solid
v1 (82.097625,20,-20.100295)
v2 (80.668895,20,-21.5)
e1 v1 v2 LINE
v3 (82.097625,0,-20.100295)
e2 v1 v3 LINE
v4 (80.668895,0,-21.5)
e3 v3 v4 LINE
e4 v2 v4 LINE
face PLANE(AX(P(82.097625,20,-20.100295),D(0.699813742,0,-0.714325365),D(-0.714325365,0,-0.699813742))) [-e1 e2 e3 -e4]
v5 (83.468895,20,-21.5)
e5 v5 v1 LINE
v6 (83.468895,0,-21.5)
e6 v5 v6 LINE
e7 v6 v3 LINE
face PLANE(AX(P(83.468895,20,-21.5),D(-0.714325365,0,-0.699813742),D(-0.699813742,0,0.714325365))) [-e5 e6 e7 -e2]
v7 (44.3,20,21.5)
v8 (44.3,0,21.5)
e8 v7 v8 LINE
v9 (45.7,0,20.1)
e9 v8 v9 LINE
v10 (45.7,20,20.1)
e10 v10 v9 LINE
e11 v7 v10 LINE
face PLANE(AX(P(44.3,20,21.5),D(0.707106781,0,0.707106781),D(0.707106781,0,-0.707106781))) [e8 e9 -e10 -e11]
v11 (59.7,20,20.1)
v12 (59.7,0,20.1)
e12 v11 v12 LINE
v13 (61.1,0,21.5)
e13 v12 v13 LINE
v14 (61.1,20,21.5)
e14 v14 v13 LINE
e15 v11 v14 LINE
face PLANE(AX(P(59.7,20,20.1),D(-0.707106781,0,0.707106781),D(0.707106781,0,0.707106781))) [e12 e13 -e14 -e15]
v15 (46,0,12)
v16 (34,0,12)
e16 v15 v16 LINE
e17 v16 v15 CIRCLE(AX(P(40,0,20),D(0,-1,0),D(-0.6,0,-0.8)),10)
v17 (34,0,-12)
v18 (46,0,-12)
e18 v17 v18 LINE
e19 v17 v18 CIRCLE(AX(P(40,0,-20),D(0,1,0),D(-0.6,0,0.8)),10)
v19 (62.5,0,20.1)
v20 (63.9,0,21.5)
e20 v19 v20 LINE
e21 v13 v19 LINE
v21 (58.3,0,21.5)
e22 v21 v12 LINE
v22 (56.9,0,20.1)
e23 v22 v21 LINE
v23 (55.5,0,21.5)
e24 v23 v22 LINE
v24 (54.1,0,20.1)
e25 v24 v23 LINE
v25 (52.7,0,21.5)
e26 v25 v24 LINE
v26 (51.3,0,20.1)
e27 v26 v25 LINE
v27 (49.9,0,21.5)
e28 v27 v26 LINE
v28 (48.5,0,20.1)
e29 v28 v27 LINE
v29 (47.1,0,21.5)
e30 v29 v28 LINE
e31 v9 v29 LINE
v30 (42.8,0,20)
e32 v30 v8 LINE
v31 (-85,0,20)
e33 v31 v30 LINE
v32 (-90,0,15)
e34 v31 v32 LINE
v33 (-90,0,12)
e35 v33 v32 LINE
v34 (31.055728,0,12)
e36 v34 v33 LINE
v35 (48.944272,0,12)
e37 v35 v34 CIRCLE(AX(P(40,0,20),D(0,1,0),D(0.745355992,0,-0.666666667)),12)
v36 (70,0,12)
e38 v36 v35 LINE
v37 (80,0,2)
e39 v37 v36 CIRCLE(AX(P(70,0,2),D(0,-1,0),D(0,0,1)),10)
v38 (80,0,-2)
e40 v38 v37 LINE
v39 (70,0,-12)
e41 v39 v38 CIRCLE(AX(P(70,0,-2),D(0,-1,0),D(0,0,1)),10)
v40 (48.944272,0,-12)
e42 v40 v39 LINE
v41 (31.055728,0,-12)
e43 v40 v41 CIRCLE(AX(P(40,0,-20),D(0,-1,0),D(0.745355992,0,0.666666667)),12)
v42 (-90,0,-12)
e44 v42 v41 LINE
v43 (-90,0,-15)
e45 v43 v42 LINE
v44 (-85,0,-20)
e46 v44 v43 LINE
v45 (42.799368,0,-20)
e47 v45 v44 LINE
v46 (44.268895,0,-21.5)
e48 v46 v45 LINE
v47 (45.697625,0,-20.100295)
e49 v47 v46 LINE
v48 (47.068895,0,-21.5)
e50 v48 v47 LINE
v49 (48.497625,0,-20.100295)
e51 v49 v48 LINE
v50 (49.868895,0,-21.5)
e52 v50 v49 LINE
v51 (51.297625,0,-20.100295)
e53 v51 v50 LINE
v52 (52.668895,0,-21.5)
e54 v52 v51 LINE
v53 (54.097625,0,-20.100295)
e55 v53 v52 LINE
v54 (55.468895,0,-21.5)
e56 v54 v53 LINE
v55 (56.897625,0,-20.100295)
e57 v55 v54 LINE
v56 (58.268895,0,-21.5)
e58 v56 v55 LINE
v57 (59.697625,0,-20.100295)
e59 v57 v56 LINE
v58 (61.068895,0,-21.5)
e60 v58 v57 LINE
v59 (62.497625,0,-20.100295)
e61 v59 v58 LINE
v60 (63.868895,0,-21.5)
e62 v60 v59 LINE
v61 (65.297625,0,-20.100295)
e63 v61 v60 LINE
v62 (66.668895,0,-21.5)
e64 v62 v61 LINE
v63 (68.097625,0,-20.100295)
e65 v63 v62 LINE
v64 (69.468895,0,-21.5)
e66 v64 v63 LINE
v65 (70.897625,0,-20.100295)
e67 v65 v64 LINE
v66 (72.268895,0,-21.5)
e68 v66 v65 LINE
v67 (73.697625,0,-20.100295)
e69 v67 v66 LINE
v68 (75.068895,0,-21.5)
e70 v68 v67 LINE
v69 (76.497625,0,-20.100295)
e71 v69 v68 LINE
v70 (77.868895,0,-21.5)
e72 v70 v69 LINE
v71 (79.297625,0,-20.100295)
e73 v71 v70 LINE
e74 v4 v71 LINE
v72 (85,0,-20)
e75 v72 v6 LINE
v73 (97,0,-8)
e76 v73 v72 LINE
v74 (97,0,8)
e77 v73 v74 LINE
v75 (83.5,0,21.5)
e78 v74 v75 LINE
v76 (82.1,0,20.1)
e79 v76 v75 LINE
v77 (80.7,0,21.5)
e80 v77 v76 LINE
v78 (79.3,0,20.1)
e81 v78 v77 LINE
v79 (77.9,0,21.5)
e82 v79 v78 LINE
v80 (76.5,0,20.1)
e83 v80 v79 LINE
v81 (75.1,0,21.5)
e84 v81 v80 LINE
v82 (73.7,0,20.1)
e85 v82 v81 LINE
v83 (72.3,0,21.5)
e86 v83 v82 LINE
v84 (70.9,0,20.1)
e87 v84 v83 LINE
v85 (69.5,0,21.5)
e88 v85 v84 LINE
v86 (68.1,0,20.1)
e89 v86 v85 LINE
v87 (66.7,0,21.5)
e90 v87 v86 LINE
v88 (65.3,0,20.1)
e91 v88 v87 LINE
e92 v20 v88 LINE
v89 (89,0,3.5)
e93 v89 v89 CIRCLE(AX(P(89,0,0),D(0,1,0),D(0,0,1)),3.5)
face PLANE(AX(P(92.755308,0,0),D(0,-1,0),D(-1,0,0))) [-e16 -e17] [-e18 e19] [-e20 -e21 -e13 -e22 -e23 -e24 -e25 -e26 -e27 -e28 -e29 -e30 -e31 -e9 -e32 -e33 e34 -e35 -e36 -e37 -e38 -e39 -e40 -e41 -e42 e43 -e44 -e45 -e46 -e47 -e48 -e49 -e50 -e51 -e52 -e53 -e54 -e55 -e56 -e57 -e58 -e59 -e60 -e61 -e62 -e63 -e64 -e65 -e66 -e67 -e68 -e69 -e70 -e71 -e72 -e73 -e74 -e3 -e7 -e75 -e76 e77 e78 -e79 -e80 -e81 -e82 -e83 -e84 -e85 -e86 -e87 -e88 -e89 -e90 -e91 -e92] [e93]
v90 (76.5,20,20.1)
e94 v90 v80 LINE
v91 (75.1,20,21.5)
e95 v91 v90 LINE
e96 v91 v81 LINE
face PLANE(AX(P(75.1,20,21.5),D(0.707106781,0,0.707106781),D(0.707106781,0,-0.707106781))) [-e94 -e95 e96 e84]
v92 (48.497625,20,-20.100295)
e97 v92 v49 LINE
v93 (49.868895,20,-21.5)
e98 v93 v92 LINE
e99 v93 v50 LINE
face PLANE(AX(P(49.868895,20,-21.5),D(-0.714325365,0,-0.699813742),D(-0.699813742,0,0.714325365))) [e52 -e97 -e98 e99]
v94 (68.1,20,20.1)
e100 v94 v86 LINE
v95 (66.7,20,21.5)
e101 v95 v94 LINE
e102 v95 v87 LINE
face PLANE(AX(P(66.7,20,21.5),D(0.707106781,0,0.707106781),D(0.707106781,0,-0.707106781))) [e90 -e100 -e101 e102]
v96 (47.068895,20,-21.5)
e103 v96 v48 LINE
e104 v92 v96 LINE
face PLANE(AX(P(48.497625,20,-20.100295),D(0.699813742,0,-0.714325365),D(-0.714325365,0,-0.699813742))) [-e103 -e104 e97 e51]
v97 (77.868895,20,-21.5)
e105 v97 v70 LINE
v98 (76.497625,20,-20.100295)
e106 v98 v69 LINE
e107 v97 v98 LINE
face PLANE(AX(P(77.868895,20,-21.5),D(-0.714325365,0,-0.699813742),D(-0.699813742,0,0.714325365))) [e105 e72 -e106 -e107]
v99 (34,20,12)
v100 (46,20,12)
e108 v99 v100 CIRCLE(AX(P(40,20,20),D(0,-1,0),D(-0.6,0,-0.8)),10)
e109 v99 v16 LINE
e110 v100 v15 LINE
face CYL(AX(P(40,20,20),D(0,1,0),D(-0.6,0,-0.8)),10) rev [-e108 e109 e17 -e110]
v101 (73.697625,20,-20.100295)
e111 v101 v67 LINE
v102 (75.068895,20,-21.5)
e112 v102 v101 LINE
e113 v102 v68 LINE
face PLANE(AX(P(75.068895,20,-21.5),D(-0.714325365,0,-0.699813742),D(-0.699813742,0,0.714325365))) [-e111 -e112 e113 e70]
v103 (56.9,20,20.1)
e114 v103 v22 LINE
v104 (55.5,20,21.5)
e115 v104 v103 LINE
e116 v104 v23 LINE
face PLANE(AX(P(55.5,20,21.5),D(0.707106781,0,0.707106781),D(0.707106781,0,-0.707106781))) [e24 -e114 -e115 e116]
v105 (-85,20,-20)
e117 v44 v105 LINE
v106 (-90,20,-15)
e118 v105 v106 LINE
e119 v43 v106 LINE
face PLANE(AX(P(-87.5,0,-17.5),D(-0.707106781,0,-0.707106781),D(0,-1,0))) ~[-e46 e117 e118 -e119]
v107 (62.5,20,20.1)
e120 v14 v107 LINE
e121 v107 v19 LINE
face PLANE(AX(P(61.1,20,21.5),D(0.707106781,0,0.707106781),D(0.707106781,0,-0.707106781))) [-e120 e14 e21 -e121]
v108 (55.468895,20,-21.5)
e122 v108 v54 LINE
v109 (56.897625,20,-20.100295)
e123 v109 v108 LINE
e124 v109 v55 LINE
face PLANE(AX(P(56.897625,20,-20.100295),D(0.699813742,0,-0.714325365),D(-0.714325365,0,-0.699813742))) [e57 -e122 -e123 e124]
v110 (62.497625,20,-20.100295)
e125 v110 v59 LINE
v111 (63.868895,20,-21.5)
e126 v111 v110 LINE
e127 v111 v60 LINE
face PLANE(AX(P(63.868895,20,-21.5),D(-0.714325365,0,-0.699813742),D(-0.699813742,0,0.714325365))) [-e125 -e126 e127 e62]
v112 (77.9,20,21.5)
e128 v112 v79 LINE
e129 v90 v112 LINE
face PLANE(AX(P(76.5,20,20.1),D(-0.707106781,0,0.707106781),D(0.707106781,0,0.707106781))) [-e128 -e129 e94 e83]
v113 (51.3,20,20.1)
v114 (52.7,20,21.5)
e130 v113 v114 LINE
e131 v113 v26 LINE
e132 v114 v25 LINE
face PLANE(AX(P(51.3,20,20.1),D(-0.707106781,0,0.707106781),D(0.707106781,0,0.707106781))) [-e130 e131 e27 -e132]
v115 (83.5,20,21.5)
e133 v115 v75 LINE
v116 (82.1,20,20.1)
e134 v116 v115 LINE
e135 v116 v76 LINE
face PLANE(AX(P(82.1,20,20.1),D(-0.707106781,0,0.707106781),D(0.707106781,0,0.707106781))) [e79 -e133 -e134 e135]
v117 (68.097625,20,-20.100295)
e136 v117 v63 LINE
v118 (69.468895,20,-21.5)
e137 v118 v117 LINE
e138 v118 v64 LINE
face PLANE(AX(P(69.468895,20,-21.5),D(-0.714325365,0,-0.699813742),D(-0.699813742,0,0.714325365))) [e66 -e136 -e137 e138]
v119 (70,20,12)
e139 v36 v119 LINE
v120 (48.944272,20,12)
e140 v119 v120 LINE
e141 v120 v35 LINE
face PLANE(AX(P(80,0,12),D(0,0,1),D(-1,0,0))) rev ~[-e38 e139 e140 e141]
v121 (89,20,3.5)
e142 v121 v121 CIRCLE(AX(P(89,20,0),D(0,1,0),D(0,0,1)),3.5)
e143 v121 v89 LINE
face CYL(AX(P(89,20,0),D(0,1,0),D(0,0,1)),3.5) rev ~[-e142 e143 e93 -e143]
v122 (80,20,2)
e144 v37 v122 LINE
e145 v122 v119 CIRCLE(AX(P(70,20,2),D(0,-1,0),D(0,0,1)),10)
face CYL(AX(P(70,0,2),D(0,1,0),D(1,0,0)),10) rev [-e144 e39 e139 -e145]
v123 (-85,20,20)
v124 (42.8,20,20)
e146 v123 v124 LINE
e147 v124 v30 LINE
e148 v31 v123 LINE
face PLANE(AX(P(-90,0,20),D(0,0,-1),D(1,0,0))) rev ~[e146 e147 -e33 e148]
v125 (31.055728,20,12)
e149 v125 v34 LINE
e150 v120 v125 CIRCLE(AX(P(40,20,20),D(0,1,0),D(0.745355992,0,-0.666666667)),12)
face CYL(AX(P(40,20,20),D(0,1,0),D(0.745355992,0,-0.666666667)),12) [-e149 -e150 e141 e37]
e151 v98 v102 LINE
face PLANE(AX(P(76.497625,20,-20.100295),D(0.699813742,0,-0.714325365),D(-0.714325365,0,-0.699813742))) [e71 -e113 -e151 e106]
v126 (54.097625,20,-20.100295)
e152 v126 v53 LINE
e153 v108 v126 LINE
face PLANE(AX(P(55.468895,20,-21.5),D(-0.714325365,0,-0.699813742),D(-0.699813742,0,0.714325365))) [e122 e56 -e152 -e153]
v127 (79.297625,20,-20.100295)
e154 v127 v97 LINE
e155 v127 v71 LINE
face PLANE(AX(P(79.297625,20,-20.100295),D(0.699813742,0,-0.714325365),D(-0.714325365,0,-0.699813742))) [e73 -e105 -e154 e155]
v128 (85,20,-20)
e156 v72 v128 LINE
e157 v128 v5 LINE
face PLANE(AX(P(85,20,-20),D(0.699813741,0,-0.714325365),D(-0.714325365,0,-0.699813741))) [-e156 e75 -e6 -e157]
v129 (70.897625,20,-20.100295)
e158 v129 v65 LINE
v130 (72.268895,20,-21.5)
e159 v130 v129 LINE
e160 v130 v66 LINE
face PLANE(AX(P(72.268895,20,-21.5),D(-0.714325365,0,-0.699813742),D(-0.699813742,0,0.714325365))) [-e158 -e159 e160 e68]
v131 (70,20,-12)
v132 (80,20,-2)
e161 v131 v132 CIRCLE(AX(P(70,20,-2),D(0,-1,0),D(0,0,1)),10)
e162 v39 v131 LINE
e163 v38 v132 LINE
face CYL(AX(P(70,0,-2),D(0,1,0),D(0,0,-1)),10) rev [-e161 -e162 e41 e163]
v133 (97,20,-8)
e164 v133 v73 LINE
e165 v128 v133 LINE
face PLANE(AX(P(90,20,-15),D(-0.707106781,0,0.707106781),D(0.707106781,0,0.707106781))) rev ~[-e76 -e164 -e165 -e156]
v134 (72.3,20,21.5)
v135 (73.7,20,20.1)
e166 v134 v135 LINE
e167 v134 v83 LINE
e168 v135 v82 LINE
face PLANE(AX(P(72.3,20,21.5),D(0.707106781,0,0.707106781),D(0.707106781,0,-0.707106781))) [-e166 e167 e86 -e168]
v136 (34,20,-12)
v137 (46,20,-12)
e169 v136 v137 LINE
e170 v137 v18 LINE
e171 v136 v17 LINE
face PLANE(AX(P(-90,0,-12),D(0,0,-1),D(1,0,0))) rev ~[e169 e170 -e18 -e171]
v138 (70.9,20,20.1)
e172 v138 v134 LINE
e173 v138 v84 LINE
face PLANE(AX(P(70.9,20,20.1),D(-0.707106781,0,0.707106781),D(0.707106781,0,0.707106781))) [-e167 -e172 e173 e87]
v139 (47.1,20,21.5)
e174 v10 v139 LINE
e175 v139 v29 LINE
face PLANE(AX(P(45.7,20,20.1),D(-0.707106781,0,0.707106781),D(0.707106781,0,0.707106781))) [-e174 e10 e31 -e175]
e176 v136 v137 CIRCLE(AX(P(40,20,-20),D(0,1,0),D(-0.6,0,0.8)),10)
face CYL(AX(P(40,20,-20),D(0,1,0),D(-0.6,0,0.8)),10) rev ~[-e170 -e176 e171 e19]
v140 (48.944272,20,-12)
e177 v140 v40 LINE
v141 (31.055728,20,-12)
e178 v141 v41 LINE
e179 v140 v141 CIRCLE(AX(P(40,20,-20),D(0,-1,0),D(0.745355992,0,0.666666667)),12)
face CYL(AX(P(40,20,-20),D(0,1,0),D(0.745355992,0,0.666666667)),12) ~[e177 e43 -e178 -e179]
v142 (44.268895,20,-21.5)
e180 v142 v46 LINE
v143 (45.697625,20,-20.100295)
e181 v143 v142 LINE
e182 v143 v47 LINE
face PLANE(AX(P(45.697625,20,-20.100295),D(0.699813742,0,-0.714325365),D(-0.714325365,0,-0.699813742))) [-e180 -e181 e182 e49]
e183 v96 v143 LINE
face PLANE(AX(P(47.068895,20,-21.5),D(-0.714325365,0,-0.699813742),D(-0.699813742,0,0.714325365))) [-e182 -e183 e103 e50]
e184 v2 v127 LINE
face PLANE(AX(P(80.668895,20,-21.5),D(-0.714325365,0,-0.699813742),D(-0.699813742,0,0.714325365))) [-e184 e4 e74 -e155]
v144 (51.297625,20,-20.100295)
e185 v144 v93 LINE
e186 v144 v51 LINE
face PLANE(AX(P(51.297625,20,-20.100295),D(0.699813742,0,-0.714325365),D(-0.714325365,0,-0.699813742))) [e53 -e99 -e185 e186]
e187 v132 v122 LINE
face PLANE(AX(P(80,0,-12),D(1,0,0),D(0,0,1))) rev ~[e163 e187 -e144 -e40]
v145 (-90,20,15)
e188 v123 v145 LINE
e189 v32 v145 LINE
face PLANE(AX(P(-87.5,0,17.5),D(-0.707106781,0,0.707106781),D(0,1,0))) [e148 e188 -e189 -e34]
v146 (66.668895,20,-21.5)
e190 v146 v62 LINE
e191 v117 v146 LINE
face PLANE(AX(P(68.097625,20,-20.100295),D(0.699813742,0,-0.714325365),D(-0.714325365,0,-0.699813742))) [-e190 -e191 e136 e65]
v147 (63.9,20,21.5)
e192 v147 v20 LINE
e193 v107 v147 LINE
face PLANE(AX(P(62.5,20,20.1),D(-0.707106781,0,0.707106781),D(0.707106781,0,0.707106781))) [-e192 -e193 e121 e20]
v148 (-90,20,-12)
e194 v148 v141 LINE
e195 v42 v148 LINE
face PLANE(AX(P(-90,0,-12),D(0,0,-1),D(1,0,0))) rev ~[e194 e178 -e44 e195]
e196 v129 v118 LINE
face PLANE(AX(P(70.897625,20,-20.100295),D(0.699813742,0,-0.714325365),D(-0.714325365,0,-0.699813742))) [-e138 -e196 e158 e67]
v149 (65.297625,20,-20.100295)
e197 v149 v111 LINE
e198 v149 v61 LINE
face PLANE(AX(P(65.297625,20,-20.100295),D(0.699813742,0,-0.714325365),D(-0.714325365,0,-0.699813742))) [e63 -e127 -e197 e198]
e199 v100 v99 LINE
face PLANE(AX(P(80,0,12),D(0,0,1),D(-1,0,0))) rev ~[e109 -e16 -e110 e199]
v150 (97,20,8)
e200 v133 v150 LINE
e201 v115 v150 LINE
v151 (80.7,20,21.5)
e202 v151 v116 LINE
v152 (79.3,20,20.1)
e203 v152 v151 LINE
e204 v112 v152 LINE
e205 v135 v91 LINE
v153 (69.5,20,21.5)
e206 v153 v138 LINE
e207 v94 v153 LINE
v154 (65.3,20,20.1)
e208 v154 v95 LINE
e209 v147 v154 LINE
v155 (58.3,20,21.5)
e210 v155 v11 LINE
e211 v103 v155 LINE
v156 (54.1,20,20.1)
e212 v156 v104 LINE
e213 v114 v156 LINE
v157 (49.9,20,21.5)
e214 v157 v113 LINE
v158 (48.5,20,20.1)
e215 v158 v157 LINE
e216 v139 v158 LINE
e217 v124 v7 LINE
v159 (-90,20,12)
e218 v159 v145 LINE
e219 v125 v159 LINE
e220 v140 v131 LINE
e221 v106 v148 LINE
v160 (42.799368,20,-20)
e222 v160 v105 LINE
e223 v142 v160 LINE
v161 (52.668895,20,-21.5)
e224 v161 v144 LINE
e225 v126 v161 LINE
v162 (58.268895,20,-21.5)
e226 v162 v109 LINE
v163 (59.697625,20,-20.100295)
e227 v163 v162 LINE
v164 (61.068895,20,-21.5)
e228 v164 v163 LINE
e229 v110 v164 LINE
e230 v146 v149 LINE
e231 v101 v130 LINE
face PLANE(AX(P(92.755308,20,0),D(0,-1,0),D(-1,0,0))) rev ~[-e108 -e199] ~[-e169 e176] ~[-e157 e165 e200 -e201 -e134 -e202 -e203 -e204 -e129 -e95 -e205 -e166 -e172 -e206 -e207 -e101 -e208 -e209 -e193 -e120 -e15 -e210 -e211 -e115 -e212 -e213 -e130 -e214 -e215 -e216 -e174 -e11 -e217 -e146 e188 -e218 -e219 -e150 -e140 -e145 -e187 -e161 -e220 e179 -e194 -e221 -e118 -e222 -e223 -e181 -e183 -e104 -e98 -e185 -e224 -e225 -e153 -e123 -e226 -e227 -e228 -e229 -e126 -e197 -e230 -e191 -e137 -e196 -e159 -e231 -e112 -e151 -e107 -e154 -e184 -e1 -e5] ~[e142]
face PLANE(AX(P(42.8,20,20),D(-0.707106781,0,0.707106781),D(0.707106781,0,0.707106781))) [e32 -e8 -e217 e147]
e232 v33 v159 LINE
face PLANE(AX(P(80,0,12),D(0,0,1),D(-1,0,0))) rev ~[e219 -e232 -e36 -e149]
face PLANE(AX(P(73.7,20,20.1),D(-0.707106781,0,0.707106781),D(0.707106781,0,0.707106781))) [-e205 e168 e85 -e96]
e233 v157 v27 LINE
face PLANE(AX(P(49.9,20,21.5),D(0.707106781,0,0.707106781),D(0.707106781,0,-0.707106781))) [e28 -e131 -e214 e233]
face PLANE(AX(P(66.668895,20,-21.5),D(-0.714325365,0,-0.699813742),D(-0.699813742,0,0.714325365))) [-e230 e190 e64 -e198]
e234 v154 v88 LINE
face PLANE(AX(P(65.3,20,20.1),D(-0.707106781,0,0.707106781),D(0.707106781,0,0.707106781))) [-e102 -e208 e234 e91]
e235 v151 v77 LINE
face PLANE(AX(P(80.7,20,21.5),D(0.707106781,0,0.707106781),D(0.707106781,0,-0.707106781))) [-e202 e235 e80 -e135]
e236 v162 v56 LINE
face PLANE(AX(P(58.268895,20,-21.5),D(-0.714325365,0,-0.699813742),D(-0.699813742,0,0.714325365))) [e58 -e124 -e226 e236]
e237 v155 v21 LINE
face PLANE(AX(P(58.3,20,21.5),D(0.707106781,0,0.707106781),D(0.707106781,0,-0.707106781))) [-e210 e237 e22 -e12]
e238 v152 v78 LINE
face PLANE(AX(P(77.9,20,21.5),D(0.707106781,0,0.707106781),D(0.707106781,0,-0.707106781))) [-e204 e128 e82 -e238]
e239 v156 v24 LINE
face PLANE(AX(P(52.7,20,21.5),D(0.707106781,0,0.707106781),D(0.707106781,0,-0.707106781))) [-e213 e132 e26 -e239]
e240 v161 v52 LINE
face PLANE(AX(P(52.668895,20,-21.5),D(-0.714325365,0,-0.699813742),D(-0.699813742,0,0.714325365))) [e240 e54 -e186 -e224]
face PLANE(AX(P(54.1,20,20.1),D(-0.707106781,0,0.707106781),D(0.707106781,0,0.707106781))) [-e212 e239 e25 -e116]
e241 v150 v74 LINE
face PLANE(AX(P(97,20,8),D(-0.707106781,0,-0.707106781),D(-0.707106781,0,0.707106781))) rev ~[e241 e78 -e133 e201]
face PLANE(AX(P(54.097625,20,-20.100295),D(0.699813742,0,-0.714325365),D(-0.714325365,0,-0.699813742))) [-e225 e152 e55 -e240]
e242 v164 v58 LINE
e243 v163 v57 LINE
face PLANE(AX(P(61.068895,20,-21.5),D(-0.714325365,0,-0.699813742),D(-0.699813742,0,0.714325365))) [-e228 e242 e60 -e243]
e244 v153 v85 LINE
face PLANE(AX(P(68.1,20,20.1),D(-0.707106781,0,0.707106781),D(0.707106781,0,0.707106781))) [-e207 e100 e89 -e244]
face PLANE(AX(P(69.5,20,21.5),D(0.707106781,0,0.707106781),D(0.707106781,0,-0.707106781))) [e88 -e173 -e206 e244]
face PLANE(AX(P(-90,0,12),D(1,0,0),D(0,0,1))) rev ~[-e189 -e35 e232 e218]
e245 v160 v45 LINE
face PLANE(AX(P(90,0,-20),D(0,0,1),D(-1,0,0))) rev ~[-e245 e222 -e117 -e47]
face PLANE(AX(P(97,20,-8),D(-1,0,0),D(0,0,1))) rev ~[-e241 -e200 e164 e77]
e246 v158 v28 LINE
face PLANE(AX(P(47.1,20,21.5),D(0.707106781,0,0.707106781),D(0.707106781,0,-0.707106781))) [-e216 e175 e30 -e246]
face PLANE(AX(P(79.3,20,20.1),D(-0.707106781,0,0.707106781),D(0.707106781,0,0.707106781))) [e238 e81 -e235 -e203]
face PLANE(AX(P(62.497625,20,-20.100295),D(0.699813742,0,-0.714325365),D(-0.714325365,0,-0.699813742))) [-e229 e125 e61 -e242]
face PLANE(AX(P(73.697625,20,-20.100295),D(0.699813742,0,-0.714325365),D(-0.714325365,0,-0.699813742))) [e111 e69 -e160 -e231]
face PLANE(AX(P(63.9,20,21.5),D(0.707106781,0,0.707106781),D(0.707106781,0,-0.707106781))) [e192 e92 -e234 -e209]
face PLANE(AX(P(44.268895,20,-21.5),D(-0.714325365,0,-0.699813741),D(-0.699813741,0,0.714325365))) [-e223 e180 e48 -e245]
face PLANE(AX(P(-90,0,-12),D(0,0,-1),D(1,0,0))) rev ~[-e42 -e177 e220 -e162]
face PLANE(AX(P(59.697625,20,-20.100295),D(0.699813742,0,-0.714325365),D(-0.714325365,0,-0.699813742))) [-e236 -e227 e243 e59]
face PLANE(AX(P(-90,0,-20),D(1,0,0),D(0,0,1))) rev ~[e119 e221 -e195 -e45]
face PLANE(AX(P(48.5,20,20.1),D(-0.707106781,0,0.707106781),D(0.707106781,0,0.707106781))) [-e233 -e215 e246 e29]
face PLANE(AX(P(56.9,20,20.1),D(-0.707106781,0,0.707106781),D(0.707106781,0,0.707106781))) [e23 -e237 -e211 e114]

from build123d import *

# Parameters (mm, degrees)
BOSS_EXTRUDE1_DEPTH = 20
FILLET1_R           = 10
CHAMFER1_SIZE       = 5
CHAMFER2_SIZE       = 5
BOSS_EXTRUDE2_DEPTH = 20
BOSS_EXTRUDE3_DEPTH = 20
BOSS_EXTRUDE4_DEPTH = 20
BOSS_EXTRUDE5_DEPTH = 20
SKETCH6_R           = 3.5
CUT_EXTRUDE1_DEPTH  = 20


with BuildPart() as part:
    # Sketch1 → Boss-Extrude1 (new body)
    with BuildSketch(Plane(origin=(0, 0, 0), x_dir=(1, 0, 0), z_dir=(0, 1, 0))):
        Polygon((-90, -12), (-90, -20), (90, -20), (90, 20), (-90, 20), (-90, 12), (80, 12), (80, -12), align=None)
    extrude(amount=BOSS_EXTRUDE1_DEPTH)

    # Fillet1
    fillet1_edges = [part.edges().sort_by_distance(p)[0] for p in [
        (80, 10, 12),
        (80, 10, -12),
    ]]
    fillet(fillet1_edges, radius=FILLET1_R)

    # Chamfer1
    chamfer1_edges = [part.edges().sort_by_distance(p)[0] for p in [
        (90, 10, 20),
        (90, 10, -20),
    ]]
    chamfer(chamfer1_edges, length=CHAMFER1_SIZE)

    # Chamfer2
    chamfer2_edges = [part.edges().sort_by_distance(p)[0] for p in [
        (-90, 10, 20),
        (-90, 10, -20),
    ]]
    chamfer(chamfer2_edges, length=CHAMFER2_SIZE)

    # Sketch2 → Boss-Extrude2 (add)
    with BuildSketch(Plane(origin=(0, 20, 0), x_dir=(1, 0, 0), z_dir=(0, 1, 0))):
        with BuildLine():
            Line((31.05572809, -12), (34, -12))
            ThreePointArc((34, -12), (40, -10), (46, -12))
            Line((46, -12), (48.94427191, -12))
            ThreePointArc((48.94427191, -12), (40, -8), (31.05572809, -12))
        make_face()
        with BuildLine():
            Line((31.05572809, 12), (34, 12))
            ThreePointArc((34, 12), (40, 10), (46, 12))
            Line((46, 12), (48.94427191, 12))
            ThreePointArc((48.94427191, 12), (40, 8), (31.05572809, 12))
        make_face()
    extrude(amount=-BOSS_EXTRUDE2_DEPTH)

    # Sketch3 → Boss-Extrude3 (add)
    with BuildSketch(Plane(origin=(0, 20, 0), x_dir=(1, 0, 0), z_dir=(0, 1, 0))):
        Polygon((85, 20), (83.468895387, 21.5), (82.097625423, 20.100294822), (80.668895387, 21.5), (79.297625423, 20.100294822), (77.868895387, 21.5), (76.497625423, 20.100294822), (75.068895387, 21.5), (73.697625423, 20.100294822), (72.268895387, 21.5), (70.897625423, 20.100294822), (69.468895387, 21.5), (68.097625423, 20.100294822), (66.668895387, 21.5), (65.297625423, 20.100294822), (63.868895387, 21.5), (62.497625423, 20.100294822), (61.068895387, 21.5), (59.697625423, 20.100294822), (58.268895387, 21.5), (56.897625423, 20.100294822), (55.468895387, 21.5), (54.097625423, 20.100294822), (52.668895387, 21.5), (51.297625423, 20.100294822), (49.868895387, 21.5), (48.497625423, 20.100294822), (47.068895387, 21.5), (45.697625423, 20.100294822), (44.268895387, 21.5), (42.799368105, 20), align=None)
    extrude(amount=-BOSS_EXTRUDE3_DEPTH)

    # Sketch4 → Boss-Extrude4 (add)
    with BuildSketch(Plane(origin=(0, 20, 0), x_dir=(1, 0, 0), z_dir=(0, 1, 0))):
        Polygon((83.5, -21.5), (85, -20), (42.8, -20), (44.3, -21.5), (45.7, -20.1), (47.1, -21.5), (48.5, -20.1), (49.9, -21.5), (51.3, -20.1), (52.7, -21.5), (54.1, -20.1), (55.5, -21.5), (56.9, -20.1), (58.3, -21.5), (59.7, -20.1), (61.1, -21.5), (62.5, -20.1), (63.9, -21.5), (65.3, -20.1), (66.7, -21.5), (68.1, -20.1), (69.5, -21.5), (70.9, -20.1), (72.3, -21.5), (73.7, -20.1), (75.1, -21.5), (76.5, -20.1), (77.9, -21.5), (79.3, -20.1), (80.7, -21.5), (82.1, -20.1), align=None)
    extrude(amount=-BOSS_EXTRUDE4_DEPTH)

    # Sketch5 → Boss-Extrude5 (add)
    with BuildSketch(Plane(origin=(0, 20, 0), x_dir=(1, 0, 0), z_dir=(0, 1, 0))):
        Polygon((90, 15), (97, 8), (97, -8), (90, -15), align=None)
    extrude(amount=-BOSS_EXTRUDE5_DEPTH)

    # Sketch6 → Cut-Extrude1 (cut)
    with BuildSketch(Plane(origin=(0, 20, 0), x_dir=(1, 0, 0), z_dir=(0, 1, 0))):
        with Locations(Location((89, 0, 0), (0, 0, 270))):
            Circle(SKETCH6_R)
    extrude(amount=-CUT_EXTRUDE1_DEPTH, mode=Mode.SUBTRACT)


solid = part.part
